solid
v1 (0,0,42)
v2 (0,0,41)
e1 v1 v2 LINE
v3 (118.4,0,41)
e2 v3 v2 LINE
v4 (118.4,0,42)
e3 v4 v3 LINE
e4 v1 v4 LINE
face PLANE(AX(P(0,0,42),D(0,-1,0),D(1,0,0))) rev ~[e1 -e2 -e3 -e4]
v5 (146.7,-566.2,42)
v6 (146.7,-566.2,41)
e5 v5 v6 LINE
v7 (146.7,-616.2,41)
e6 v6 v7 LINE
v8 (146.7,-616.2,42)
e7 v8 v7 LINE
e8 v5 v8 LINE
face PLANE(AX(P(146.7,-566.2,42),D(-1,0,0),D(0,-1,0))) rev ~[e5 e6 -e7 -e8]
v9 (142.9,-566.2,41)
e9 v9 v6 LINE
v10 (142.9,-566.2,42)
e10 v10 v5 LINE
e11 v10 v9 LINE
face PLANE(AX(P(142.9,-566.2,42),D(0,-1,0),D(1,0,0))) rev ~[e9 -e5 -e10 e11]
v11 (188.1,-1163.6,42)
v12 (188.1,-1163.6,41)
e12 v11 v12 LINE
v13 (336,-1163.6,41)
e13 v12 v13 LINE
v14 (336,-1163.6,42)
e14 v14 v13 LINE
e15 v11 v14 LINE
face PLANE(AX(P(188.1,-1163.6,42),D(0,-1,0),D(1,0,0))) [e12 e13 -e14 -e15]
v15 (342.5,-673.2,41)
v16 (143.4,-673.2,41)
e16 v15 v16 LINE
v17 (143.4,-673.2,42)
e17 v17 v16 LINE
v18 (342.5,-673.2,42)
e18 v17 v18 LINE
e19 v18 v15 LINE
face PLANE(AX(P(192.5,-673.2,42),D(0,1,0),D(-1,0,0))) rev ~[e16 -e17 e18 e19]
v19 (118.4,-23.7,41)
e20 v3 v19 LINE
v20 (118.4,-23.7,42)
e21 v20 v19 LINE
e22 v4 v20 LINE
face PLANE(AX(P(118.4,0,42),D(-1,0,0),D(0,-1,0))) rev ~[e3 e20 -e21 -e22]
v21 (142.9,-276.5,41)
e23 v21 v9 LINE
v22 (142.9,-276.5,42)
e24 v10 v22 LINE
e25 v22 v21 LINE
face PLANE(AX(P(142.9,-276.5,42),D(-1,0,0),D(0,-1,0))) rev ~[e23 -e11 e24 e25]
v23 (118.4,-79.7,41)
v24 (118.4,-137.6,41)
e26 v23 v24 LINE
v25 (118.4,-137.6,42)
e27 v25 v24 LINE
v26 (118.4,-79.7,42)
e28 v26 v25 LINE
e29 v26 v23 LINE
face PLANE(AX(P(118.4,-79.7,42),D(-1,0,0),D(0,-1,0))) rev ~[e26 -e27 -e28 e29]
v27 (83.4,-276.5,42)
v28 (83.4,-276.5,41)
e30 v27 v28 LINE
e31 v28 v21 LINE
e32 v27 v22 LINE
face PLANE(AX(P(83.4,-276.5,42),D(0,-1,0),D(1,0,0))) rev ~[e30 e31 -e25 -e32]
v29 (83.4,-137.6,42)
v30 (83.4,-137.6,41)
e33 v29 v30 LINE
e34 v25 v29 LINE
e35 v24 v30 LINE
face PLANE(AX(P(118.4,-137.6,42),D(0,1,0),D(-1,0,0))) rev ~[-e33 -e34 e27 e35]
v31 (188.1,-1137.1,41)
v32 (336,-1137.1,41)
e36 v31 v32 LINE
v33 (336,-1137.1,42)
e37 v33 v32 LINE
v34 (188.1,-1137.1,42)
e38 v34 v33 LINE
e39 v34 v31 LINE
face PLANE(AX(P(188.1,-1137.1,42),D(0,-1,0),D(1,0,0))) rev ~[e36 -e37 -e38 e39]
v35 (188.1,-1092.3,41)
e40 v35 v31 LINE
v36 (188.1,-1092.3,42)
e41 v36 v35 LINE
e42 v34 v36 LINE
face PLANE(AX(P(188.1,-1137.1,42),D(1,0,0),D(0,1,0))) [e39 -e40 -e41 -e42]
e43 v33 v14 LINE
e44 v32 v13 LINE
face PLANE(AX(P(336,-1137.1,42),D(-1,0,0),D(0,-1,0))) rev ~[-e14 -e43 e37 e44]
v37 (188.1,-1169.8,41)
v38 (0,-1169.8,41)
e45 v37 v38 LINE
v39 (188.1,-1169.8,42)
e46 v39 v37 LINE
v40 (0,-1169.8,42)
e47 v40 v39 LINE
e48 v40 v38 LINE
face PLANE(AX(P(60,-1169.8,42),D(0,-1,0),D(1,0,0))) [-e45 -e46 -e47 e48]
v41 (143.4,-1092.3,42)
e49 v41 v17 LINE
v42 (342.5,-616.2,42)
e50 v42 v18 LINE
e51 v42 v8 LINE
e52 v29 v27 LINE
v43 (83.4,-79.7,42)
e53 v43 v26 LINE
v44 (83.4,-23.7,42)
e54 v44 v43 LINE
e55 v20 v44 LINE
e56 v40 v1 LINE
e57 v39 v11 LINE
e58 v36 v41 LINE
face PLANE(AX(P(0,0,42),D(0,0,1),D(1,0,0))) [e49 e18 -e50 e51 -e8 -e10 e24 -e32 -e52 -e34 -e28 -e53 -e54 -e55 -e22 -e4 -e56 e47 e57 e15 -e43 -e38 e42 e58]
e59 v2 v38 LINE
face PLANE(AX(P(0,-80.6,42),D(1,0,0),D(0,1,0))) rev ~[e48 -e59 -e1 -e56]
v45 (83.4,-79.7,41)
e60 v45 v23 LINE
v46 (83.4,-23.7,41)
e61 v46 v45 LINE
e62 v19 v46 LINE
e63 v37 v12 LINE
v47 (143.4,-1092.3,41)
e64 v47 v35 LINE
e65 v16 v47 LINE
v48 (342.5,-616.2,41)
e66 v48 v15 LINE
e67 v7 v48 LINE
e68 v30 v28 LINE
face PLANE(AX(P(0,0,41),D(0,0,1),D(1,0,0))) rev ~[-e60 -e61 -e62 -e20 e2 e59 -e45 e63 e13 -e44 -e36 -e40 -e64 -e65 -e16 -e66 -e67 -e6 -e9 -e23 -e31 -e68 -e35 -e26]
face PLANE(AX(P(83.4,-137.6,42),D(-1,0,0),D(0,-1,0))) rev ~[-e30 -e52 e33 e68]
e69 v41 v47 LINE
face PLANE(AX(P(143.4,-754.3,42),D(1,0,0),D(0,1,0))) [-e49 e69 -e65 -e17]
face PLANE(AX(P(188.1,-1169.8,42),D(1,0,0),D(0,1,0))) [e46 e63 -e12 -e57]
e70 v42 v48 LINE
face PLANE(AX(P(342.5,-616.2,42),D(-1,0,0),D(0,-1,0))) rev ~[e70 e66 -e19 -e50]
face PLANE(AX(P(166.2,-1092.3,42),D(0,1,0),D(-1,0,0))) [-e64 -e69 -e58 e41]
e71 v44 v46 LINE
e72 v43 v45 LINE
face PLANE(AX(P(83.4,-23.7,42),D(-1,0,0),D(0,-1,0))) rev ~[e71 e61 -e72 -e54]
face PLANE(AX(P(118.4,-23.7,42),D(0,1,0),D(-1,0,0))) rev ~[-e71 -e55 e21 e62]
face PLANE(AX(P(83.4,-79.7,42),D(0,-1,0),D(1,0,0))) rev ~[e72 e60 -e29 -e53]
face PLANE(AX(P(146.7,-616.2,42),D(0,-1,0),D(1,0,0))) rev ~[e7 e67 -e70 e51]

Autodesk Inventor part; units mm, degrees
ref_plane "YZ Plane" through (0, 0, 0) normal (1, 0, 0) x (0, 1, 0)
ref_plane "XZ Plane" through (0, 0, 0) normal (0, 1, 0) x (-1, 0, 0)
ref_plane "工作平面1" through (0, 0, 42) normal (0, 0, 1) x (1, 0, 0)
sketch "草图1" plane through (0, 0, 42) normal (0, 0, 1) x (1, 0, 0)
  line L0 (0, 0) -> (60, 0)
  line L1 (60, 0) -> (60, -1169.8)
  line L2 (60, -1169.8) -> (0, -1169.8)
  line L3 (0, -1169.8) -> (0, 0)
  line L4 (0, -80.6) -> (60, -80.6)
  line L5 (0, -191.9) -> (60, -191.9)
  line L6 (0, -276.5) -> (60, -276.5)
  line L7 (0, -335.9) -> (60, -335.9)
  line L8 (0, -420.6) -> (60, -420.6)
  line L9 (0, -550.6) -> (60, -550.6)
  line L10 (0, -677.8) -> (60, -677.8)
  line L11 (0, -782.9) -> (60, -782.9)
  line L12 (0, -839.5) -> (60, -839.5)
  line L13 (0, -923.6) -> (60, -923.6)
  line L14 (0, -1007.7) -> (60, -1007.7)
  line L15 (0, -1091.2) -> (60, -1091.2)
  line L16 (60, 0) -> (118.4, 0)
  line L17 (118.4, 0) -> (118.4, -23.7)
  line L18 (118.4, -23.7) -> (83.4, -23.7)
  line L19 (83.4, -23.7) -> (83.4, -79.7)
  line L20 (83.4, -79.7) -> (118.4, -79.7)
  line L21 (118.4, -79.7) -> (118.4, -137.6)
  line L22 (118.4, -137.6) -> (83.4, -137.6)
  line L23 (83.4, -137.6) -> (83.4, -276.5)
  line L24 (83.4, -276.5) -> (142.9, -276.5)
  line L25 (142.9, -276.5) -> (142.9, -379.5)
  line L26 (83.4, -276.5) -> (83.4, -379.5)
  line L27 (83.4, -379.5) -> (142.9, -379.5)
  line L28 (142.9, -379.5) -> (142.9, -463)
  line L29 (142.9, -463) -> (83.4, -463)
  line L30 (83.4, -463) -> (83.4, -379.5)
  line L31 (142.9, -463) -> (142.9, -566.2)
  line L32 (142.9, -566.2) -> (83.4, -566.2)
  line L33 (83.4, -566.2) -> (83.4, -463)
  line L34 (142.9, -566.2) -> (146.7, -566.2)
  line L35 (146.7, -566.2) -> (146.7, -616.2)
  line L36 (146.7, -616.2) -> (192.5, -616.2)
  line L37 (192.5, -616.2) -> (192.5, -673.2)
  line L38 (192.5, -616.2) -> (342.5, -616.2)
  line L39 (342.5, -616.2) -> (342.5, -673.2)
  line L40 (342.5, -673.2) -> (143.4, -673.2)
  line L41 (143.4, -673.2) -> (83.4, -673.2)
  line L42 (83.4, -673.2) -> (83.4, -1092.3)
  line L43 (83.4, -1092.3) -> (143.4, -1092.3)
  line L44 (143.4, -1092.3) -> (143.4, -673.2)
  line L45 (83.4, -754.3) -> (143.4, -754.3)
  line L46 (143.4, -837.8) -> (83.4, -837.8)
  line L47 (83.4, -893.6) -> (143.4, -893.6)
  line L48 (143.4, -978.3) -> (83.4, -978.3)
  line L49 (60, -1169.8) -> (188.1, -1169.8)
  line L50 (188.1, -1169.8) -> (188.1, -1092.3)
  line L51 (188.1, -1092.3) -> (143.4, -1092.3)
  line L52 (83.4, -1092.3) -> (83.4, -1117.3)
  line L53 (83.4, -1117.3) -> (188.1, -1117.3)
  line L54 (98.6, -1092.3) -> (98.6, -1117.3)
  line L55 (114.5, -1092.3) -> (114.5, -1117.3)
  line L56 (143.4, -1092.3) -> (143.4, -1117.3)
  line L57 (166.2, -1092.3) -> (166.2, -1117.3)
  line L58 (188.1, -1163.6) -> (336, -1163.6)
  line L59 (188.1, -1137.1) -> (336, -1137.1)
  line L60 (336, -1137.1) -> (336, -1163.6)
  dimension "d1" = 60
  dimension "d2" = 80.6
  dimension "d3" = 111.3
  dimension "d4" = 84.6
  dimension "d5" = 59.4
  dimension "d6" = 84.7
  dimension "d7" = 130
  dimension "d8" = 127.2
  dimension "d9" = 105.1
  dimension "d10" = 56.6
  dimension "d11" = 84.1
  dimension "d12" = 84.1
  dimension "d13" = 83.5
  dimension "d14" = 78.6
  dimension "d15" = 58.4
  dimension "d16" = 23.7
  dimension "d17" = 35
  dimension "d18" = 56
  dimension "d19" = 57.9
  dimension "d20" = 35
  dimension "d21" = 138.9
  dimension "d22" = 59.5
  dimension "d23" = 103
  dimension "d24" = 83.5
  dimension "d25" = 103.2
  dimension "d26" = 59.5
  dimension "d27" = 3.8
  dimension "d28" = 50
  dimension "d29" = 45.8
  dimension "d30" = 57
  dimension "d31" = 150
  dimension "d32" = 57
  dimension "d33" = 199.1
  dimension "d34" = 60
  dimension "d36" = 81.1
  dimension "d37" = 83.5
  dimension "d38" = 55.8
  dimension "d39" = 84.7
  dimension "d40" = 114
  dimension "d41" = 128.1
  dimension "d42" = 25
  dimension "d43" = 15.2
  dimension "d44" = 15.9
  dimension "d45" = 28.9
  dimension "d46" = 22.8
  dimension "d47" = 21.9
  dimension "d48" = 147.9
  dimension "d49" = 6.2
  dimension "d50" = 26.5
extrude "拉伸1" add sketch "草图1" against normal blind 1
properties part number "LabVIEWM0.5"
